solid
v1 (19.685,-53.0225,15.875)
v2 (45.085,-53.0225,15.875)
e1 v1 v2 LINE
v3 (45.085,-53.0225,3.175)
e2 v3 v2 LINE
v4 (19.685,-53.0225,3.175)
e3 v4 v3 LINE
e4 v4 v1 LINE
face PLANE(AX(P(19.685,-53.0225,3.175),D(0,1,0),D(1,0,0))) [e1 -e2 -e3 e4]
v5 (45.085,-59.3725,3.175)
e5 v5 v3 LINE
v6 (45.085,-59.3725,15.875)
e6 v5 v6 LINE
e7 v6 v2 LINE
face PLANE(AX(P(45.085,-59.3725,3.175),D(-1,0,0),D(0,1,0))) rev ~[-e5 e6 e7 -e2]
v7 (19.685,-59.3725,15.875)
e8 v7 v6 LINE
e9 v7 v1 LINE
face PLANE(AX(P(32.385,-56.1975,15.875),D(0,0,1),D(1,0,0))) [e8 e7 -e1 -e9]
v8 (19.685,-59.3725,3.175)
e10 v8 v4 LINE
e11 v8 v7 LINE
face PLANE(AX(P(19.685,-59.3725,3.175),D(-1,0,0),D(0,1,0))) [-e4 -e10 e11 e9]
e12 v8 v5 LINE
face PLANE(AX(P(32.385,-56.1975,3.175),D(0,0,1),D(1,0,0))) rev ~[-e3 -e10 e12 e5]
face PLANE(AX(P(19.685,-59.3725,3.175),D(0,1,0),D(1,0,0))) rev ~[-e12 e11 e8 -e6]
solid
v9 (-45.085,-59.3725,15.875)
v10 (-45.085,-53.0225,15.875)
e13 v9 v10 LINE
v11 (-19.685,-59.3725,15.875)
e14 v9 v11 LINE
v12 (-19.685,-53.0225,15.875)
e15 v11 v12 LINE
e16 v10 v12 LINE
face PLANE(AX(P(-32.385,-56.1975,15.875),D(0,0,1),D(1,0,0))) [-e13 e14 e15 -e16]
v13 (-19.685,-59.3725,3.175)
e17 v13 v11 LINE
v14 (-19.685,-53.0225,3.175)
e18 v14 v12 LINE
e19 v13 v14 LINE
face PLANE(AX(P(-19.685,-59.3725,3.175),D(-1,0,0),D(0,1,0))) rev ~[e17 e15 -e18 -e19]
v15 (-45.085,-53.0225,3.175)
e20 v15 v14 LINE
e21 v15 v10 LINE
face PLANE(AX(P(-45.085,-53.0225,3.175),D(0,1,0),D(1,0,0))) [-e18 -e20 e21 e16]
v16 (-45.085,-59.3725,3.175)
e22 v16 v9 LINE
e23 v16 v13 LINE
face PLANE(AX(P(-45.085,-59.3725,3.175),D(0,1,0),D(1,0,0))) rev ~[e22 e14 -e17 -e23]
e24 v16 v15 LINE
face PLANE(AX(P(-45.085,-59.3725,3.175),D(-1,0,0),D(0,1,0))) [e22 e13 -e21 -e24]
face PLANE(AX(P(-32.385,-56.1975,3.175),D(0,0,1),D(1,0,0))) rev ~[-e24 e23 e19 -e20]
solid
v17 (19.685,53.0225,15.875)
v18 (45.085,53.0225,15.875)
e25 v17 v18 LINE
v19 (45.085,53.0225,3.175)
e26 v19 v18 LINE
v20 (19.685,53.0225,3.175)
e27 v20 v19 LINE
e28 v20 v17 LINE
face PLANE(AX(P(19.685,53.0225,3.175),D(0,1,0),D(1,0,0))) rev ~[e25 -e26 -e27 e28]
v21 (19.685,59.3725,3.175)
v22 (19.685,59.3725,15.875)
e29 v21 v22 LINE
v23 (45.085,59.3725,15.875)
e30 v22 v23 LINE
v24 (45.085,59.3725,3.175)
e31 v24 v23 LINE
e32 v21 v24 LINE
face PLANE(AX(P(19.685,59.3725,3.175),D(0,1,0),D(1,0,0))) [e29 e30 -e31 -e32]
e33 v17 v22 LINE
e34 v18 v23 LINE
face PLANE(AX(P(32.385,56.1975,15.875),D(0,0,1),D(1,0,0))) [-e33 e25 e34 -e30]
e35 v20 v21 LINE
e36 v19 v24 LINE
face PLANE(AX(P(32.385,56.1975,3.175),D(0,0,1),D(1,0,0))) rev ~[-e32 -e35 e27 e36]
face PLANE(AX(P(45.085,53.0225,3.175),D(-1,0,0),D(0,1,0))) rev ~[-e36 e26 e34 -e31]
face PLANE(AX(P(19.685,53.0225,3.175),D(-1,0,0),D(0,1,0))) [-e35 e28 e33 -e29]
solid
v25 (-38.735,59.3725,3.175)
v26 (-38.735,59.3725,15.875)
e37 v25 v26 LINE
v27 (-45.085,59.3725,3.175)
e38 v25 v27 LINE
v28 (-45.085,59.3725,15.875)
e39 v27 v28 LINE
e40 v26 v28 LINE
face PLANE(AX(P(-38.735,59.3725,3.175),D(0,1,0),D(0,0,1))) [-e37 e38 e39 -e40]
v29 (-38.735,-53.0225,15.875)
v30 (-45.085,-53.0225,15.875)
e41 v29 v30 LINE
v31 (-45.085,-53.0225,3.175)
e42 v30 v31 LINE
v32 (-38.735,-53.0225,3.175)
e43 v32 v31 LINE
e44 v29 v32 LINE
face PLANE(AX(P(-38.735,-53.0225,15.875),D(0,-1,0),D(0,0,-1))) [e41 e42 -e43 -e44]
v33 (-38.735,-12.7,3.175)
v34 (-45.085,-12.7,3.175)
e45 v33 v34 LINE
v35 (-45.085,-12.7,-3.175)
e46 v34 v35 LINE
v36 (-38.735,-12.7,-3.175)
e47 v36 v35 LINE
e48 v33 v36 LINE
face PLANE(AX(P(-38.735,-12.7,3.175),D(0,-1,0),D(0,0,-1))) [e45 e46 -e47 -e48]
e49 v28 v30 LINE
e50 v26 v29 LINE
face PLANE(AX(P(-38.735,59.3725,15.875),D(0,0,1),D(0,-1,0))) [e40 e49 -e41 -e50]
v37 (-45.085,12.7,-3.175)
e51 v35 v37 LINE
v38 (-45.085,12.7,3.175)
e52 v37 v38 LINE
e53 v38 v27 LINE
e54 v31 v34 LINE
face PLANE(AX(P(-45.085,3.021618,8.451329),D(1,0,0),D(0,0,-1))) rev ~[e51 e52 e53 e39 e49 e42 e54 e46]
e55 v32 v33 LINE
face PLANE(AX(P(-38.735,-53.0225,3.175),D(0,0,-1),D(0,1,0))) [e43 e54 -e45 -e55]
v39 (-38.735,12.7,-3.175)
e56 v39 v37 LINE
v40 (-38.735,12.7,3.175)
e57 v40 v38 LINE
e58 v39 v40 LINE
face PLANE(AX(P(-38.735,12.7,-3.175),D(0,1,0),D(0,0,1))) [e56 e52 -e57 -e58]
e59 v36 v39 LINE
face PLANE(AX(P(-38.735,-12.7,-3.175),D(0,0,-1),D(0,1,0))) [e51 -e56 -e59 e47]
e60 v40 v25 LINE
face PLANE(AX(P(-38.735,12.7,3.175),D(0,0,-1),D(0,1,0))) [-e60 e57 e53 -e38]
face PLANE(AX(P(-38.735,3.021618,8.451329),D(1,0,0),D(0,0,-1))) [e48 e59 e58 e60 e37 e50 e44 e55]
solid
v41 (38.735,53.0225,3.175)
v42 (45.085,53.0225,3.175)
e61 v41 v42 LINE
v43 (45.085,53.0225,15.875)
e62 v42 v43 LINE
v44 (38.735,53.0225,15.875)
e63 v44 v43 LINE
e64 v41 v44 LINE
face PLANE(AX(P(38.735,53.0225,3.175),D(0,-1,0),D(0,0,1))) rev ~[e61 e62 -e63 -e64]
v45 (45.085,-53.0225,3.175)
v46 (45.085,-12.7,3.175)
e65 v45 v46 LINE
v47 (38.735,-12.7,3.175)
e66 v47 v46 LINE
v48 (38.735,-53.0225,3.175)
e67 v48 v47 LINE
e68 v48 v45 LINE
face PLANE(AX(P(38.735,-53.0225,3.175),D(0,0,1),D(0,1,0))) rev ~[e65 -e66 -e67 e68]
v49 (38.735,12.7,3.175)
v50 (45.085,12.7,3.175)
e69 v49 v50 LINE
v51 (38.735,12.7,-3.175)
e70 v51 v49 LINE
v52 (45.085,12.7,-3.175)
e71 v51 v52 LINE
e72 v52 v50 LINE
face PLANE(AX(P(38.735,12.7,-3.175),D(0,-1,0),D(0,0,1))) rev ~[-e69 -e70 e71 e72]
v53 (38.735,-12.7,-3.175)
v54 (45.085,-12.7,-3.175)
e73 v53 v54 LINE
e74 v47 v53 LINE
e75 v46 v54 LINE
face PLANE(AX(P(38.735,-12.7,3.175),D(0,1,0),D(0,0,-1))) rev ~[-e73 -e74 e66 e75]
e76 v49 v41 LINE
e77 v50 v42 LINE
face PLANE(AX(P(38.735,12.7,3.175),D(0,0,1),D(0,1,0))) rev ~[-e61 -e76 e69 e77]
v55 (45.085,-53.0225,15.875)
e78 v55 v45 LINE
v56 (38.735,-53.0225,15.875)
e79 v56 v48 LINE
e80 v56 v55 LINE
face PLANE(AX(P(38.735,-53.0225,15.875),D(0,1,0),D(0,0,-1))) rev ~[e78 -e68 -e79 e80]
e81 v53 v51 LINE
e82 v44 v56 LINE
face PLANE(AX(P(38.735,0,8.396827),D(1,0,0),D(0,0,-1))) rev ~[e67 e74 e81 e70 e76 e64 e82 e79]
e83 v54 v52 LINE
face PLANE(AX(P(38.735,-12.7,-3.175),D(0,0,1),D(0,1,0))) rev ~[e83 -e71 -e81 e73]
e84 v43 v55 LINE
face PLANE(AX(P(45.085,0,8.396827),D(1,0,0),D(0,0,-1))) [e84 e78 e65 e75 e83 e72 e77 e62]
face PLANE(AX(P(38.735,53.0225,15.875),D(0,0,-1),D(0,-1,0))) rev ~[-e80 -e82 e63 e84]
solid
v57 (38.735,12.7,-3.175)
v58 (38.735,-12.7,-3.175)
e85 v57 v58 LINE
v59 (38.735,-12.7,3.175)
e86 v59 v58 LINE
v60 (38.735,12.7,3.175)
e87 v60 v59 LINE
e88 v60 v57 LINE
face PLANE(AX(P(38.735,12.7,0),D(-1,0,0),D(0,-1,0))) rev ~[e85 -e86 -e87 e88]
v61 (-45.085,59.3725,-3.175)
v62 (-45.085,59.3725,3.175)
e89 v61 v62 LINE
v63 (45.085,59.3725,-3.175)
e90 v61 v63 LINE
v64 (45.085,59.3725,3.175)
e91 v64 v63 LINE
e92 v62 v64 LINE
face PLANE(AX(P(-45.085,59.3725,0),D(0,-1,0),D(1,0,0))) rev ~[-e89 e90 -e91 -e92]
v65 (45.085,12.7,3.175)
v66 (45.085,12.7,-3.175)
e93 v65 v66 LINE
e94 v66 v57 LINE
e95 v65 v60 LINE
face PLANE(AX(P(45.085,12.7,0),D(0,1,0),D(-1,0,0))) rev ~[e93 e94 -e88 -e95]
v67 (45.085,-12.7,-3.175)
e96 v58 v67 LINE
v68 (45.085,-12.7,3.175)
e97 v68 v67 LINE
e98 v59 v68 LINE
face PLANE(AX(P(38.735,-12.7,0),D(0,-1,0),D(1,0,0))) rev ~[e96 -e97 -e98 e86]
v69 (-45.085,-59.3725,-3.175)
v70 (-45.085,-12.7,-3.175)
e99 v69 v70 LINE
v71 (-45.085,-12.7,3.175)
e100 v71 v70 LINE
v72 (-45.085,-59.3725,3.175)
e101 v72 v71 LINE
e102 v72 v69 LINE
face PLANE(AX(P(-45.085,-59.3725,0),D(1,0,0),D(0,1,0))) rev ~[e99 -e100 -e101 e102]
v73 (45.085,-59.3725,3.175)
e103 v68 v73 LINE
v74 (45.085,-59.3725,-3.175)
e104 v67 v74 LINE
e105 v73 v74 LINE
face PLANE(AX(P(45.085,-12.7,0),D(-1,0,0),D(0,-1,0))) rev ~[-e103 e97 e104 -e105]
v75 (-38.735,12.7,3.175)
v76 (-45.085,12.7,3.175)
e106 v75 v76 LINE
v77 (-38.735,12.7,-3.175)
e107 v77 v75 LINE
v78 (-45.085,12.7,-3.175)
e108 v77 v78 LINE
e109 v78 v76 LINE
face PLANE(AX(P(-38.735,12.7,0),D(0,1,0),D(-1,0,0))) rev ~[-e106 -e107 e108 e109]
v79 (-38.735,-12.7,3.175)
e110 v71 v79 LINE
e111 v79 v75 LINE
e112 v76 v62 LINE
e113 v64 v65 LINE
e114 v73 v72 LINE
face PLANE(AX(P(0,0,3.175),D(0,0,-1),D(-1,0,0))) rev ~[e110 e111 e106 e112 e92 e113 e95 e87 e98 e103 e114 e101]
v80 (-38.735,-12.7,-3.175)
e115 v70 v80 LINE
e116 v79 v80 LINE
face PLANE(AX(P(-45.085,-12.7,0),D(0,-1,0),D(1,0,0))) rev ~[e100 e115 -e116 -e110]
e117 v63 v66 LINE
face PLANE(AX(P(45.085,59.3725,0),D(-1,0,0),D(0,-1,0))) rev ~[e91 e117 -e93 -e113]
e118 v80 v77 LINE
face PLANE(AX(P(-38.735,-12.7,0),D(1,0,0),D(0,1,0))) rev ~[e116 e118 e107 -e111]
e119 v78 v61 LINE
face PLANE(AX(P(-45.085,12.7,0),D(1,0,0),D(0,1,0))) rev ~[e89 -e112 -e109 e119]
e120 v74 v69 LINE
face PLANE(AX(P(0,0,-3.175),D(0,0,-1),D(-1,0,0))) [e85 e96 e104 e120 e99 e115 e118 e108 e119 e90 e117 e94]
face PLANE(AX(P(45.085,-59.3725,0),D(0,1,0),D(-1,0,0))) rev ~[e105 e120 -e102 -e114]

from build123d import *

# Parameters (mm, degrees)
BOSS_EXTRU_1_DEPTH   = 3.175
ESQUISSE2_W          = 25.4
ESQUISSE2_H          = 6.35
BOSS_EXTRU_2_DEPTH   = 12.7
ESQUISSE3_W          = 25.4
ESQUISSE3_H          = 6.35
BOSS_EXTRU_3_DEPTH   = 12.7
BOSS_EXTRU_3_2_DEPTH = 12.7
BOSS_EXTRU_4_DEPTH   = 6.35
BOSS_EXTRU_5_DEPTH   = 6.35


with BuildPart() as part:
    # Esquisse1 → Boss.-Extru.1 (new, symmetric)
    with BuildSketch(Plane.XY):
        Polygon((-45.085, 59.3725), (45.085, 59.3725), (45.085, 12.7), (38.735, 12.7), (38.735, -12.7), (45.085, -12.7), (45.085, -59.3725), (-45.085, -59.3725), (-45.085, -12.7), (-38.735, -12.7), (-38.735, 12.7), (-45.085, 12.7), align=None)
    extrude(amount=BOSS_EXTRU_1_DEPTH, both=True)


with BuildPart() as body_2:
    # Esquisse2 → Boss.-Extru.2 (new body)
    with BuildSketch(Plane.XY.offset(3.175)):
        with Locations((32.385, 56.1975)):
            Rectangle(ESQUISSE2_W, ESQUISSE2_H)
    extrude(amount=BOSS_EXTRU_2_DEPTH)


with BuildPart() as body_3:
    # Esquisse3 → Boss.-Extru.3 (new body)
    with BuildSketch(Plane.XY.offset(3.175)):
        with Locations((-32.385, -56.1975)):
            Rectangle(ESQUISSE3_W, ESQUISSE3_H)
    extrude(amount=BOSS_EXTRU_3_DEPTH)


with BuildPart() as body_4:
    # Esquisse3 → Boss.-Extru.3 2 (new body)
    with BuildSketch(Plane.XY.offset(3.175)):
        with Locations((32.385, -56.1975)):
            Rectangle(ESQUISSE3_W, ESQUISSE3_H)
    extrude(amount=BOSS_EXTRU_3_2_DEPTH)


with BuildPart() as body_5:
    # Esquisse5 → Boss.-Extru.4 (new body)
    with BuildSketch(Plane(origin=(38.735, 0, 0), x_dir=(0, 0, -1), z_dir=(1, 0, 0))):
        Polygon((3.175, 12.7), (-3.175, 12.7), (-3.175, 53.0225), (-15.875, 53.0225), (-15.875, -53.0225), (-3.175, -53.0225), (-3.175, -12.7), (3.175, -12.7), align=None)
    extrude(amount=BOSS_EXTRU_4_DEPTH)


with BuildPart() as body_6:
    # Esquisse6 → Boss.-Extru.5 (new body)
    with BuildSketch(Plane.ZY.offset(38.735)):
        Polygon((-3.175, 12.7), (3.175, 12.7), (3.175, 59.3725), (15.875, 59.3725), (15.875, -53.0225), (3.175, -53.0225), (3.175, -12.7), (-3.175, -12.7), align=None)
    extrude(amount=BOSS_EXTRU_5_DEPTH)


solid = Compound([part.part, body_2.part, body_3.part, body_4.part, body_5.part, body_6.part])
